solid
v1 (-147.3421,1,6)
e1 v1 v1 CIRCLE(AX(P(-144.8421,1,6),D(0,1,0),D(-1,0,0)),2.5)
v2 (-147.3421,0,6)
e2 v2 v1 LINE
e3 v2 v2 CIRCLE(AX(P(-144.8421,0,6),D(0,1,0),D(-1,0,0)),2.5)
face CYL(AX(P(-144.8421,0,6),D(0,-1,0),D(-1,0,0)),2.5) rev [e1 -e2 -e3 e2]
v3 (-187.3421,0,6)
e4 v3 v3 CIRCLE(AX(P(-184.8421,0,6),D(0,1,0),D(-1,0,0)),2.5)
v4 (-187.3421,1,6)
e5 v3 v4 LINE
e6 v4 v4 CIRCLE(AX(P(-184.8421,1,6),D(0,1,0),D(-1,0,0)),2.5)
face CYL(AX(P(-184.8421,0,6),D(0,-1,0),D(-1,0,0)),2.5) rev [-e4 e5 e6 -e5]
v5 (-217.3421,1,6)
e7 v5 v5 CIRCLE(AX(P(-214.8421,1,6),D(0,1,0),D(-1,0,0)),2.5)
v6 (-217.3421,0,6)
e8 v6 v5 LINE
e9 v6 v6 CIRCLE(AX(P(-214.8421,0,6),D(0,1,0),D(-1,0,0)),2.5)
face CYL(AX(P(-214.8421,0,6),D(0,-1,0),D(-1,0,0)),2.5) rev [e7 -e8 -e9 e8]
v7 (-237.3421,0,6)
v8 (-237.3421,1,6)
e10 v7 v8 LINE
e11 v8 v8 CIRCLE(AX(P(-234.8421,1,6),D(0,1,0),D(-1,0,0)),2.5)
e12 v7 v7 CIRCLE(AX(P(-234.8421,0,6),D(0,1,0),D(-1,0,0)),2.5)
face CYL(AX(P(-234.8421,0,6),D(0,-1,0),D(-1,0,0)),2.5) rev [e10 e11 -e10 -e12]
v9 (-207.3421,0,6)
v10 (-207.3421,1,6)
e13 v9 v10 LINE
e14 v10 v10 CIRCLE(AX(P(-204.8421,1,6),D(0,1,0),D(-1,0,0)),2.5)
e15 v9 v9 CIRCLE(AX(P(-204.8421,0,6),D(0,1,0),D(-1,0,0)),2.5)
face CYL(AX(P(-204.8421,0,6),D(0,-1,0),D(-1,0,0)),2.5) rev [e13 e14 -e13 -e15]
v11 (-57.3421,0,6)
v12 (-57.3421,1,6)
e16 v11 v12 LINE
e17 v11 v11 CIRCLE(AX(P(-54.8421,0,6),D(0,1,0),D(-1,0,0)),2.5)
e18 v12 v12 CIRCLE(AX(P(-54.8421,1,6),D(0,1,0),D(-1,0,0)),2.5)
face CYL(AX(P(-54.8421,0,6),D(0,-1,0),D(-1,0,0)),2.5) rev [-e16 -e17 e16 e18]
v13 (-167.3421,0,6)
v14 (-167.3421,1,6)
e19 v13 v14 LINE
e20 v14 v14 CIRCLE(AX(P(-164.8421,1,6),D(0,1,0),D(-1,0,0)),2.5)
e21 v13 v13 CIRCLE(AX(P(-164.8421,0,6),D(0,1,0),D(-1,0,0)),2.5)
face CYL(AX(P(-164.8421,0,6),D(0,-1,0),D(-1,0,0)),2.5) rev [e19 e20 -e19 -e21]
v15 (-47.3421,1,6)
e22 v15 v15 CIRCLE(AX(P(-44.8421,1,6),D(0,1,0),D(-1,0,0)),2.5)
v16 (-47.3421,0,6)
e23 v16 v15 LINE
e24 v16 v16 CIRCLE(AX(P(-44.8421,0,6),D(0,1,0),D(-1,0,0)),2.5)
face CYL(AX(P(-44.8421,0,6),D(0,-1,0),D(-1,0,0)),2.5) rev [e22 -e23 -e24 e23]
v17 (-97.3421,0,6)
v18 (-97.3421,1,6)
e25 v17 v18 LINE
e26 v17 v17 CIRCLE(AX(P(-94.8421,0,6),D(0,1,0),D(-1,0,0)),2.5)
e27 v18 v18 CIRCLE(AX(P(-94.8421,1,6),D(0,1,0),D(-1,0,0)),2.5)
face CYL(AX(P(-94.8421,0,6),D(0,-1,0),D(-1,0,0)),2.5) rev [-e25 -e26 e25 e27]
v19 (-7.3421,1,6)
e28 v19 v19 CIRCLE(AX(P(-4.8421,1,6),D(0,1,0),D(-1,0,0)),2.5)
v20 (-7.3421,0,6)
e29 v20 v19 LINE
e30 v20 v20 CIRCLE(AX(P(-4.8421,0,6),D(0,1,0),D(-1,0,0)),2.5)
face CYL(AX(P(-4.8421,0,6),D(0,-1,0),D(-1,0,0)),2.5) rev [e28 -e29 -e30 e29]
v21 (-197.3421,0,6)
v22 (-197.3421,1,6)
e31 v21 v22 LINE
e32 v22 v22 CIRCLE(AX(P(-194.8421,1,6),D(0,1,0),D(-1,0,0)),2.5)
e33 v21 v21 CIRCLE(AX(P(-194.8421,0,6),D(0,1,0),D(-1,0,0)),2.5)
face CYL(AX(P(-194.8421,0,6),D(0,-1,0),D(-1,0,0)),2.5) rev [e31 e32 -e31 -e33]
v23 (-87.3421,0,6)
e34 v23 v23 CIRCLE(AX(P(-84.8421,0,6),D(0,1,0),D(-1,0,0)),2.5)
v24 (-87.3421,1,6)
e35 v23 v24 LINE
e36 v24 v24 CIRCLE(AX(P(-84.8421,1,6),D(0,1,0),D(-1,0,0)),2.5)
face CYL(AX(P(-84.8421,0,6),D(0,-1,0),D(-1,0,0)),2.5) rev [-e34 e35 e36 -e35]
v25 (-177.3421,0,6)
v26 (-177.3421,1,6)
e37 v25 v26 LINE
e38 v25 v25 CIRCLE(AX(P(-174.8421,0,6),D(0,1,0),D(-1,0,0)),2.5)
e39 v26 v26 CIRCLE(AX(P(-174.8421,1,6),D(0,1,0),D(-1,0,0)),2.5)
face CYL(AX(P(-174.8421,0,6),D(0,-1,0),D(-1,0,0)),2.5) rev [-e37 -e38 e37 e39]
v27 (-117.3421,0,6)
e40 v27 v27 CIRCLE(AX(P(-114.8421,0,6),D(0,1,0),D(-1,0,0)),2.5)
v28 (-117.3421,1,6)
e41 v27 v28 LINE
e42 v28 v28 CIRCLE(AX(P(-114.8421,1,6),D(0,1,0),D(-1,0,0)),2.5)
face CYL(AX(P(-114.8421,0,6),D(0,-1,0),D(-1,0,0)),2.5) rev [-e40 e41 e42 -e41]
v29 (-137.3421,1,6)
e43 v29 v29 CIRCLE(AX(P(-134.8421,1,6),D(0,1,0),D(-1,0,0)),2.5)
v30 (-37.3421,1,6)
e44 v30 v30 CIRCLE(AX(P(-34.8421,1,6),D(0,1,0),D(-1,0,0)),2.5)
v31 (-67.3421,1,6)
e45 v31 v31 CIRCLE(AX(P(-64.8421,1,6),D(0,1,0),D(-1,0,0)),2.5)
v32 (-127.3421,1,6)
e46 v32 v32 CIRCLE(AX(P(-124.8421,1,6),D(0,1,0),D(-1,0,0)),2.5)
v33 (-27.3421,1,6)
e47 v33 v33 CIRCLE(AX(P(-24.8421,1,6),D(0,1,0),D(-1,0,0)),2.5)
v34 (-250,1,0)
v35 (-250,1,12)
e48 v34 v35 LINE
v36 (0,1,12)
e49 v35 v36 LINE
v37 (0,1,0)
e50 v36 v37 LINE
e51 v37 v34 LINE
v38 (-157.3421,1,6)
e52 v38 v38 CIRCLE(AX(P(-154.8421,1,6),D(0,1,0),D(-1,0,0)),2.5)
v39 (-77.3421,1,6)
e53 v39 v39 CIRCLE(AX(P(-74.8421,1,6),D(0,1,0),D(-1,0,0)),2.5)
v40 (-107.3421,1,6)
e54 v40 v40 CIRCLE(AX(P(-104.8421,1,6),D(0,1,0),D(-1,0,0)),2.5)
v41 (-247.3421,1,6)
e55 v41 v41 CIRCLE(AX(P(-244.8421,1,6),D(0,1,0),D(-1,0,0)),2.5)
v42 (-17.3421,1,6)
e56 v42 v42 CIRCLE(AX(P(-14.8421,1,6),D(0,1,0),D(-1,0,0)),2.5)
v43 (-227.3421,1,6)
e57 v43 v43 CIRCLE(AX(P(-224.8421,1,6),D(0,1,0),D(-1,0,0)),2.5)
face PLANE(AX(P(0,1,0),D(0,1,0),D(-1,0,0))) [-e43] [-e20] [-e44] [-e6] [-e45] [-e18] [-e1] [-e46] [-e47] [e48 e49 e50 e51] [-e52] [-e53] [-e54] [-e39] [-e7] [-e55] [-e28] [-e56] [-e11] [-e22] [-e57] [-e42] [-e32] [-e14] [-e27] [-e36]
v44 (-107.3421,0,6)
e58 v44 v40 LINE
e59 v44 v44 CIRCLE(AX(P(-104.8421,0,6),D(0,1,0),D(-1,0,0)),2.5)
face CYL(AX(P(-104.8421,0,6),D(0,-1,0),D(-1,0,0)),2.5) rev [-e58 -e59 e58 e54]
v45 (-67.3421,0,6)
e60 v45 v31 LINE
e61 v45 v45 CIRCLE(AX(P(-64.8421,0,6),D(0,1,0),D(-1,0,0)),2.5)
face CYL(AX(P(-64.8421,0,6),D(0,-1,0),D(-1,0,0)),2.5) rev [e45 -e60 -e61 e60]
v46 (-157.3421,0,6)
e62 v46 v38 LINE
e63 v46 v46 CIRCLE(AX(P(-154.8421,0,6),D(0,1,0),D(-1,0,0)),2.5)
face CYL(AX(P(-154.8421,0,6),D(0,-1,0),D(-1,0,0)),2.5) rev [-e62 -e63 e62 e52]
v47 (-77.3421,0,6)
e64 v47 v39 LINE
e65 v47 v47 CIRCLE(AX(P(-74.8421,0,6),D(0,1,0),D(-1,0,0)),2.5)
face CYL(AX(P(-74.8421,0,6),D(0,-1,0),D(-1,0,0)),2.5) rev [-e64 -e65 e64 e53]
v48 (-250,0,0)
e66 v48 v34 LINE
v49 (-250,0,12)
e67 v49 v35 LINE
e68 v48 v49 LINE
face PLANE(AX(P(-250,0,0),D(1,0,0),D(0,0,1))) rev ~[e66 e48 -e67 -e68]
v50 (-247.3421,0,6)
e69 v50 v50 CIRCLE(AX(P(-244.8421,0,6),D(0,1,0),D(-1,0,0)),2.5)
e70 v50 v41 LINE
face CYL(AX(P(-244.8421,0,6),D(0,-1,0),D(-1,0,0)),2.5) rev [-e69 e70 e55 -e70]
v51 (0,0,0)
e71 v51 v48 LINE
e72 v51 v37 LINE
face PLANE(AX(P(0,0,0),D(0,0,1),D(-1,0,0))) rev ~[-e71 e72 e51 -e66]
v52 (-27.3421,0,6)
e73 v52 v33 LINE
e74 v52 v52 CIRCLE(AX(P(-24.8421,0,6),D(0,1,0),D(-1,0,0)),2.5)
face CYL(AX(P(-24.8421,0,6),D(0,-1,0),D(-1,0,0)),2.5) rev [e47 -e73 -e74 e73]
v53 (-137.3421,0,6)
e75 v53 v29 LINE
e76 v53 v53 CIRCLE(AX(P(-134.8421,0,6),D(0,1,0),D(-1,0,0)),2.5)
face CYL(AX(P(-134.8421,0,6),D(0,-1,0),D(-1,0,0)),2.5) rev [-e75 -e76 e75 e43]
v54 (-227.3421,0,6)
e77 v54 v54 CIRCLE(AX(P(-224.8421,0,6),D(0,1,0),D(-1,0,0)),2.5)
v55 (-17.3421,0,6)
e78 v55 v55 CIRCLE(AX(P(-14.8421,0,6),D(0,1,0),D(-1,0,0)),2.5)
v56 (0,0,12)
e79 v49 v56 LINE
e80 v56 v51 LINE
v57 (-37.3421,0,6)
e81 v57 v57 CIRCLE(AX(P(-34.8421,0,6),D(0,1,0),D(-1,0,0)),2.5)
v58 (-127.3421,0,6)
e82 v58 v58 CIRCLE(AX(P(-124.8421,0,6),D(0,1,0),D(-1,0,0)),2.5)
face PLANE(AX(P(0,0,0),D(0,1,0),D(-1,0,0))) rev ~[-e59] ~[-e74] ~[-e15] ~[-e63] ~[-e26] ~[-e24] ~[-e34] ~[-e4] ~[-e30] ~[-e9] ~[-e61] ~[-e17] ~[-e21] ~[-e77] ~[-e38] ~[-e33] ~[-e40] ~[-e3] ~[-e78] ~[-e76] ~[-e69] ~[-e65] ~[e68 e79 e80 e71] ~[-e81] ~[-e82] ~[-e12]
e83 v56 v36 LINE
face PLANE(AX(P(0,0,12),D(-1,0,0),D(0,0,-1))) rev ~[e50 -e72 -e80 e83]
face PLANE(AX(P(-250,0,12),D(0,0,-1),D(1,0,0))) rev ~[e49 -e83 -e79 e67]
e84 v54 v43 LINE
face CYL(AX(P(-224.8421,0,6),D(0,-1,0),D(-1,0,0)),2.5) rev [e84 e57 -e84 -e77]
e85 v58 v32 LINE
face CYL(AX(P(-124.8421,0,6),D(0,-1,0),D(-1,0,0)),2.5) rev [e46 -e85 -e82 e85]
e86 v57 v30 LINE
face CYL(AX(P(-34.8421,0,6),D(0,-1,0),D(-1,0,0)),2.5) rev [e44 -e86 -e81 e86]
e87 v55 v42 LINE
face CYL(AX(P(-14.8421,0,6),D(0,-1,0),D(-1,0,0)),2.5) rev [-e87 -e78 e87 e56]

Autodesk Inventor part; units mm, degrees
ref_plane "YZ Plane" through (0, 0, 0) normal (1, 0, 0) x (0, 1, 0)
ref_plane "XZ Plane" through (0, 0, 0) normal (0, 1, 0) x (-1, 0, 0)
ref_plane "XY Plane" through (0, 0, 0) normal (0, 0, 1) x (1, 0, 0)
sketch "Esboço1" plane through (0, 0, 0) normal (0, 1, 0) x (-1, 0, 0)
  line L0 (0, 0) -> (250, 0)
  line L1 (250, 0) -> (250, 12)
  line L2 (250, 12) -> (0, 12)
  line L3 (0, 12) -> (0, 0)
  circle A0 centre (4.8421, 6) radius 2.5
  circle A1 centre (14.8421, 6) radius 2.5
  circle A2 centre (24.8421, 6) radius 2.5
  circle A3 centre (34.8421, 6) radius 2.5
  circle A4 centre (44.8421, 6) radius 2.5
  circle A5 centre (54.8421, 6) radius 2.5
  circle A6 centre (64.8421, 6) radius 2.5
  circle A7 centre (74.8421, 6) radius 2.5
  circle A8 centre (84.8421, 6) radius 2.5
  circle A9 centre (94.8421, 6) radius 2.5
  circle A10 centre (104.8421, 6) radius 2.5
  circle A11 centre (114.8421, 6) radius 2.5
  circle A12 centre (124.8421, 6) radius 2.5
  circle A13 centre (134.8421, 6) radius 2.5
  circle A14 centre (144.8421, 6) radius 2.5
  circle A15 centre (154.8421, 6) radius 2.5
  circle A16 centre (164.8421, 6) radius 2.5
  circle A17 centre (174.8421, 6) radius 2.5
  circle A18 centre (184.8421, 6) radius 2.5
  circle A19 centre (194.8421, 6) radius 2.5
  circle A20 centre (204.8421, 6) radius 2.5
  circle A21 centre (214.8421, 6) radius 2.5
  circle A22 centre (224.8421, 6) radius 2.5
  circle A23 centre (234.8421, 6) radius 2.5
  circle A24 centre (244.8421, 6) radius 2.5
  dimension "d0" = 250
  dimension "d1" = 12
  dimension "d2" = 5
  dimension "d8" = 10
extrude "Extrusão1" add sketch "Esboço1" along normal blind 1
properties part number "aste" material "Aço, carbono"
